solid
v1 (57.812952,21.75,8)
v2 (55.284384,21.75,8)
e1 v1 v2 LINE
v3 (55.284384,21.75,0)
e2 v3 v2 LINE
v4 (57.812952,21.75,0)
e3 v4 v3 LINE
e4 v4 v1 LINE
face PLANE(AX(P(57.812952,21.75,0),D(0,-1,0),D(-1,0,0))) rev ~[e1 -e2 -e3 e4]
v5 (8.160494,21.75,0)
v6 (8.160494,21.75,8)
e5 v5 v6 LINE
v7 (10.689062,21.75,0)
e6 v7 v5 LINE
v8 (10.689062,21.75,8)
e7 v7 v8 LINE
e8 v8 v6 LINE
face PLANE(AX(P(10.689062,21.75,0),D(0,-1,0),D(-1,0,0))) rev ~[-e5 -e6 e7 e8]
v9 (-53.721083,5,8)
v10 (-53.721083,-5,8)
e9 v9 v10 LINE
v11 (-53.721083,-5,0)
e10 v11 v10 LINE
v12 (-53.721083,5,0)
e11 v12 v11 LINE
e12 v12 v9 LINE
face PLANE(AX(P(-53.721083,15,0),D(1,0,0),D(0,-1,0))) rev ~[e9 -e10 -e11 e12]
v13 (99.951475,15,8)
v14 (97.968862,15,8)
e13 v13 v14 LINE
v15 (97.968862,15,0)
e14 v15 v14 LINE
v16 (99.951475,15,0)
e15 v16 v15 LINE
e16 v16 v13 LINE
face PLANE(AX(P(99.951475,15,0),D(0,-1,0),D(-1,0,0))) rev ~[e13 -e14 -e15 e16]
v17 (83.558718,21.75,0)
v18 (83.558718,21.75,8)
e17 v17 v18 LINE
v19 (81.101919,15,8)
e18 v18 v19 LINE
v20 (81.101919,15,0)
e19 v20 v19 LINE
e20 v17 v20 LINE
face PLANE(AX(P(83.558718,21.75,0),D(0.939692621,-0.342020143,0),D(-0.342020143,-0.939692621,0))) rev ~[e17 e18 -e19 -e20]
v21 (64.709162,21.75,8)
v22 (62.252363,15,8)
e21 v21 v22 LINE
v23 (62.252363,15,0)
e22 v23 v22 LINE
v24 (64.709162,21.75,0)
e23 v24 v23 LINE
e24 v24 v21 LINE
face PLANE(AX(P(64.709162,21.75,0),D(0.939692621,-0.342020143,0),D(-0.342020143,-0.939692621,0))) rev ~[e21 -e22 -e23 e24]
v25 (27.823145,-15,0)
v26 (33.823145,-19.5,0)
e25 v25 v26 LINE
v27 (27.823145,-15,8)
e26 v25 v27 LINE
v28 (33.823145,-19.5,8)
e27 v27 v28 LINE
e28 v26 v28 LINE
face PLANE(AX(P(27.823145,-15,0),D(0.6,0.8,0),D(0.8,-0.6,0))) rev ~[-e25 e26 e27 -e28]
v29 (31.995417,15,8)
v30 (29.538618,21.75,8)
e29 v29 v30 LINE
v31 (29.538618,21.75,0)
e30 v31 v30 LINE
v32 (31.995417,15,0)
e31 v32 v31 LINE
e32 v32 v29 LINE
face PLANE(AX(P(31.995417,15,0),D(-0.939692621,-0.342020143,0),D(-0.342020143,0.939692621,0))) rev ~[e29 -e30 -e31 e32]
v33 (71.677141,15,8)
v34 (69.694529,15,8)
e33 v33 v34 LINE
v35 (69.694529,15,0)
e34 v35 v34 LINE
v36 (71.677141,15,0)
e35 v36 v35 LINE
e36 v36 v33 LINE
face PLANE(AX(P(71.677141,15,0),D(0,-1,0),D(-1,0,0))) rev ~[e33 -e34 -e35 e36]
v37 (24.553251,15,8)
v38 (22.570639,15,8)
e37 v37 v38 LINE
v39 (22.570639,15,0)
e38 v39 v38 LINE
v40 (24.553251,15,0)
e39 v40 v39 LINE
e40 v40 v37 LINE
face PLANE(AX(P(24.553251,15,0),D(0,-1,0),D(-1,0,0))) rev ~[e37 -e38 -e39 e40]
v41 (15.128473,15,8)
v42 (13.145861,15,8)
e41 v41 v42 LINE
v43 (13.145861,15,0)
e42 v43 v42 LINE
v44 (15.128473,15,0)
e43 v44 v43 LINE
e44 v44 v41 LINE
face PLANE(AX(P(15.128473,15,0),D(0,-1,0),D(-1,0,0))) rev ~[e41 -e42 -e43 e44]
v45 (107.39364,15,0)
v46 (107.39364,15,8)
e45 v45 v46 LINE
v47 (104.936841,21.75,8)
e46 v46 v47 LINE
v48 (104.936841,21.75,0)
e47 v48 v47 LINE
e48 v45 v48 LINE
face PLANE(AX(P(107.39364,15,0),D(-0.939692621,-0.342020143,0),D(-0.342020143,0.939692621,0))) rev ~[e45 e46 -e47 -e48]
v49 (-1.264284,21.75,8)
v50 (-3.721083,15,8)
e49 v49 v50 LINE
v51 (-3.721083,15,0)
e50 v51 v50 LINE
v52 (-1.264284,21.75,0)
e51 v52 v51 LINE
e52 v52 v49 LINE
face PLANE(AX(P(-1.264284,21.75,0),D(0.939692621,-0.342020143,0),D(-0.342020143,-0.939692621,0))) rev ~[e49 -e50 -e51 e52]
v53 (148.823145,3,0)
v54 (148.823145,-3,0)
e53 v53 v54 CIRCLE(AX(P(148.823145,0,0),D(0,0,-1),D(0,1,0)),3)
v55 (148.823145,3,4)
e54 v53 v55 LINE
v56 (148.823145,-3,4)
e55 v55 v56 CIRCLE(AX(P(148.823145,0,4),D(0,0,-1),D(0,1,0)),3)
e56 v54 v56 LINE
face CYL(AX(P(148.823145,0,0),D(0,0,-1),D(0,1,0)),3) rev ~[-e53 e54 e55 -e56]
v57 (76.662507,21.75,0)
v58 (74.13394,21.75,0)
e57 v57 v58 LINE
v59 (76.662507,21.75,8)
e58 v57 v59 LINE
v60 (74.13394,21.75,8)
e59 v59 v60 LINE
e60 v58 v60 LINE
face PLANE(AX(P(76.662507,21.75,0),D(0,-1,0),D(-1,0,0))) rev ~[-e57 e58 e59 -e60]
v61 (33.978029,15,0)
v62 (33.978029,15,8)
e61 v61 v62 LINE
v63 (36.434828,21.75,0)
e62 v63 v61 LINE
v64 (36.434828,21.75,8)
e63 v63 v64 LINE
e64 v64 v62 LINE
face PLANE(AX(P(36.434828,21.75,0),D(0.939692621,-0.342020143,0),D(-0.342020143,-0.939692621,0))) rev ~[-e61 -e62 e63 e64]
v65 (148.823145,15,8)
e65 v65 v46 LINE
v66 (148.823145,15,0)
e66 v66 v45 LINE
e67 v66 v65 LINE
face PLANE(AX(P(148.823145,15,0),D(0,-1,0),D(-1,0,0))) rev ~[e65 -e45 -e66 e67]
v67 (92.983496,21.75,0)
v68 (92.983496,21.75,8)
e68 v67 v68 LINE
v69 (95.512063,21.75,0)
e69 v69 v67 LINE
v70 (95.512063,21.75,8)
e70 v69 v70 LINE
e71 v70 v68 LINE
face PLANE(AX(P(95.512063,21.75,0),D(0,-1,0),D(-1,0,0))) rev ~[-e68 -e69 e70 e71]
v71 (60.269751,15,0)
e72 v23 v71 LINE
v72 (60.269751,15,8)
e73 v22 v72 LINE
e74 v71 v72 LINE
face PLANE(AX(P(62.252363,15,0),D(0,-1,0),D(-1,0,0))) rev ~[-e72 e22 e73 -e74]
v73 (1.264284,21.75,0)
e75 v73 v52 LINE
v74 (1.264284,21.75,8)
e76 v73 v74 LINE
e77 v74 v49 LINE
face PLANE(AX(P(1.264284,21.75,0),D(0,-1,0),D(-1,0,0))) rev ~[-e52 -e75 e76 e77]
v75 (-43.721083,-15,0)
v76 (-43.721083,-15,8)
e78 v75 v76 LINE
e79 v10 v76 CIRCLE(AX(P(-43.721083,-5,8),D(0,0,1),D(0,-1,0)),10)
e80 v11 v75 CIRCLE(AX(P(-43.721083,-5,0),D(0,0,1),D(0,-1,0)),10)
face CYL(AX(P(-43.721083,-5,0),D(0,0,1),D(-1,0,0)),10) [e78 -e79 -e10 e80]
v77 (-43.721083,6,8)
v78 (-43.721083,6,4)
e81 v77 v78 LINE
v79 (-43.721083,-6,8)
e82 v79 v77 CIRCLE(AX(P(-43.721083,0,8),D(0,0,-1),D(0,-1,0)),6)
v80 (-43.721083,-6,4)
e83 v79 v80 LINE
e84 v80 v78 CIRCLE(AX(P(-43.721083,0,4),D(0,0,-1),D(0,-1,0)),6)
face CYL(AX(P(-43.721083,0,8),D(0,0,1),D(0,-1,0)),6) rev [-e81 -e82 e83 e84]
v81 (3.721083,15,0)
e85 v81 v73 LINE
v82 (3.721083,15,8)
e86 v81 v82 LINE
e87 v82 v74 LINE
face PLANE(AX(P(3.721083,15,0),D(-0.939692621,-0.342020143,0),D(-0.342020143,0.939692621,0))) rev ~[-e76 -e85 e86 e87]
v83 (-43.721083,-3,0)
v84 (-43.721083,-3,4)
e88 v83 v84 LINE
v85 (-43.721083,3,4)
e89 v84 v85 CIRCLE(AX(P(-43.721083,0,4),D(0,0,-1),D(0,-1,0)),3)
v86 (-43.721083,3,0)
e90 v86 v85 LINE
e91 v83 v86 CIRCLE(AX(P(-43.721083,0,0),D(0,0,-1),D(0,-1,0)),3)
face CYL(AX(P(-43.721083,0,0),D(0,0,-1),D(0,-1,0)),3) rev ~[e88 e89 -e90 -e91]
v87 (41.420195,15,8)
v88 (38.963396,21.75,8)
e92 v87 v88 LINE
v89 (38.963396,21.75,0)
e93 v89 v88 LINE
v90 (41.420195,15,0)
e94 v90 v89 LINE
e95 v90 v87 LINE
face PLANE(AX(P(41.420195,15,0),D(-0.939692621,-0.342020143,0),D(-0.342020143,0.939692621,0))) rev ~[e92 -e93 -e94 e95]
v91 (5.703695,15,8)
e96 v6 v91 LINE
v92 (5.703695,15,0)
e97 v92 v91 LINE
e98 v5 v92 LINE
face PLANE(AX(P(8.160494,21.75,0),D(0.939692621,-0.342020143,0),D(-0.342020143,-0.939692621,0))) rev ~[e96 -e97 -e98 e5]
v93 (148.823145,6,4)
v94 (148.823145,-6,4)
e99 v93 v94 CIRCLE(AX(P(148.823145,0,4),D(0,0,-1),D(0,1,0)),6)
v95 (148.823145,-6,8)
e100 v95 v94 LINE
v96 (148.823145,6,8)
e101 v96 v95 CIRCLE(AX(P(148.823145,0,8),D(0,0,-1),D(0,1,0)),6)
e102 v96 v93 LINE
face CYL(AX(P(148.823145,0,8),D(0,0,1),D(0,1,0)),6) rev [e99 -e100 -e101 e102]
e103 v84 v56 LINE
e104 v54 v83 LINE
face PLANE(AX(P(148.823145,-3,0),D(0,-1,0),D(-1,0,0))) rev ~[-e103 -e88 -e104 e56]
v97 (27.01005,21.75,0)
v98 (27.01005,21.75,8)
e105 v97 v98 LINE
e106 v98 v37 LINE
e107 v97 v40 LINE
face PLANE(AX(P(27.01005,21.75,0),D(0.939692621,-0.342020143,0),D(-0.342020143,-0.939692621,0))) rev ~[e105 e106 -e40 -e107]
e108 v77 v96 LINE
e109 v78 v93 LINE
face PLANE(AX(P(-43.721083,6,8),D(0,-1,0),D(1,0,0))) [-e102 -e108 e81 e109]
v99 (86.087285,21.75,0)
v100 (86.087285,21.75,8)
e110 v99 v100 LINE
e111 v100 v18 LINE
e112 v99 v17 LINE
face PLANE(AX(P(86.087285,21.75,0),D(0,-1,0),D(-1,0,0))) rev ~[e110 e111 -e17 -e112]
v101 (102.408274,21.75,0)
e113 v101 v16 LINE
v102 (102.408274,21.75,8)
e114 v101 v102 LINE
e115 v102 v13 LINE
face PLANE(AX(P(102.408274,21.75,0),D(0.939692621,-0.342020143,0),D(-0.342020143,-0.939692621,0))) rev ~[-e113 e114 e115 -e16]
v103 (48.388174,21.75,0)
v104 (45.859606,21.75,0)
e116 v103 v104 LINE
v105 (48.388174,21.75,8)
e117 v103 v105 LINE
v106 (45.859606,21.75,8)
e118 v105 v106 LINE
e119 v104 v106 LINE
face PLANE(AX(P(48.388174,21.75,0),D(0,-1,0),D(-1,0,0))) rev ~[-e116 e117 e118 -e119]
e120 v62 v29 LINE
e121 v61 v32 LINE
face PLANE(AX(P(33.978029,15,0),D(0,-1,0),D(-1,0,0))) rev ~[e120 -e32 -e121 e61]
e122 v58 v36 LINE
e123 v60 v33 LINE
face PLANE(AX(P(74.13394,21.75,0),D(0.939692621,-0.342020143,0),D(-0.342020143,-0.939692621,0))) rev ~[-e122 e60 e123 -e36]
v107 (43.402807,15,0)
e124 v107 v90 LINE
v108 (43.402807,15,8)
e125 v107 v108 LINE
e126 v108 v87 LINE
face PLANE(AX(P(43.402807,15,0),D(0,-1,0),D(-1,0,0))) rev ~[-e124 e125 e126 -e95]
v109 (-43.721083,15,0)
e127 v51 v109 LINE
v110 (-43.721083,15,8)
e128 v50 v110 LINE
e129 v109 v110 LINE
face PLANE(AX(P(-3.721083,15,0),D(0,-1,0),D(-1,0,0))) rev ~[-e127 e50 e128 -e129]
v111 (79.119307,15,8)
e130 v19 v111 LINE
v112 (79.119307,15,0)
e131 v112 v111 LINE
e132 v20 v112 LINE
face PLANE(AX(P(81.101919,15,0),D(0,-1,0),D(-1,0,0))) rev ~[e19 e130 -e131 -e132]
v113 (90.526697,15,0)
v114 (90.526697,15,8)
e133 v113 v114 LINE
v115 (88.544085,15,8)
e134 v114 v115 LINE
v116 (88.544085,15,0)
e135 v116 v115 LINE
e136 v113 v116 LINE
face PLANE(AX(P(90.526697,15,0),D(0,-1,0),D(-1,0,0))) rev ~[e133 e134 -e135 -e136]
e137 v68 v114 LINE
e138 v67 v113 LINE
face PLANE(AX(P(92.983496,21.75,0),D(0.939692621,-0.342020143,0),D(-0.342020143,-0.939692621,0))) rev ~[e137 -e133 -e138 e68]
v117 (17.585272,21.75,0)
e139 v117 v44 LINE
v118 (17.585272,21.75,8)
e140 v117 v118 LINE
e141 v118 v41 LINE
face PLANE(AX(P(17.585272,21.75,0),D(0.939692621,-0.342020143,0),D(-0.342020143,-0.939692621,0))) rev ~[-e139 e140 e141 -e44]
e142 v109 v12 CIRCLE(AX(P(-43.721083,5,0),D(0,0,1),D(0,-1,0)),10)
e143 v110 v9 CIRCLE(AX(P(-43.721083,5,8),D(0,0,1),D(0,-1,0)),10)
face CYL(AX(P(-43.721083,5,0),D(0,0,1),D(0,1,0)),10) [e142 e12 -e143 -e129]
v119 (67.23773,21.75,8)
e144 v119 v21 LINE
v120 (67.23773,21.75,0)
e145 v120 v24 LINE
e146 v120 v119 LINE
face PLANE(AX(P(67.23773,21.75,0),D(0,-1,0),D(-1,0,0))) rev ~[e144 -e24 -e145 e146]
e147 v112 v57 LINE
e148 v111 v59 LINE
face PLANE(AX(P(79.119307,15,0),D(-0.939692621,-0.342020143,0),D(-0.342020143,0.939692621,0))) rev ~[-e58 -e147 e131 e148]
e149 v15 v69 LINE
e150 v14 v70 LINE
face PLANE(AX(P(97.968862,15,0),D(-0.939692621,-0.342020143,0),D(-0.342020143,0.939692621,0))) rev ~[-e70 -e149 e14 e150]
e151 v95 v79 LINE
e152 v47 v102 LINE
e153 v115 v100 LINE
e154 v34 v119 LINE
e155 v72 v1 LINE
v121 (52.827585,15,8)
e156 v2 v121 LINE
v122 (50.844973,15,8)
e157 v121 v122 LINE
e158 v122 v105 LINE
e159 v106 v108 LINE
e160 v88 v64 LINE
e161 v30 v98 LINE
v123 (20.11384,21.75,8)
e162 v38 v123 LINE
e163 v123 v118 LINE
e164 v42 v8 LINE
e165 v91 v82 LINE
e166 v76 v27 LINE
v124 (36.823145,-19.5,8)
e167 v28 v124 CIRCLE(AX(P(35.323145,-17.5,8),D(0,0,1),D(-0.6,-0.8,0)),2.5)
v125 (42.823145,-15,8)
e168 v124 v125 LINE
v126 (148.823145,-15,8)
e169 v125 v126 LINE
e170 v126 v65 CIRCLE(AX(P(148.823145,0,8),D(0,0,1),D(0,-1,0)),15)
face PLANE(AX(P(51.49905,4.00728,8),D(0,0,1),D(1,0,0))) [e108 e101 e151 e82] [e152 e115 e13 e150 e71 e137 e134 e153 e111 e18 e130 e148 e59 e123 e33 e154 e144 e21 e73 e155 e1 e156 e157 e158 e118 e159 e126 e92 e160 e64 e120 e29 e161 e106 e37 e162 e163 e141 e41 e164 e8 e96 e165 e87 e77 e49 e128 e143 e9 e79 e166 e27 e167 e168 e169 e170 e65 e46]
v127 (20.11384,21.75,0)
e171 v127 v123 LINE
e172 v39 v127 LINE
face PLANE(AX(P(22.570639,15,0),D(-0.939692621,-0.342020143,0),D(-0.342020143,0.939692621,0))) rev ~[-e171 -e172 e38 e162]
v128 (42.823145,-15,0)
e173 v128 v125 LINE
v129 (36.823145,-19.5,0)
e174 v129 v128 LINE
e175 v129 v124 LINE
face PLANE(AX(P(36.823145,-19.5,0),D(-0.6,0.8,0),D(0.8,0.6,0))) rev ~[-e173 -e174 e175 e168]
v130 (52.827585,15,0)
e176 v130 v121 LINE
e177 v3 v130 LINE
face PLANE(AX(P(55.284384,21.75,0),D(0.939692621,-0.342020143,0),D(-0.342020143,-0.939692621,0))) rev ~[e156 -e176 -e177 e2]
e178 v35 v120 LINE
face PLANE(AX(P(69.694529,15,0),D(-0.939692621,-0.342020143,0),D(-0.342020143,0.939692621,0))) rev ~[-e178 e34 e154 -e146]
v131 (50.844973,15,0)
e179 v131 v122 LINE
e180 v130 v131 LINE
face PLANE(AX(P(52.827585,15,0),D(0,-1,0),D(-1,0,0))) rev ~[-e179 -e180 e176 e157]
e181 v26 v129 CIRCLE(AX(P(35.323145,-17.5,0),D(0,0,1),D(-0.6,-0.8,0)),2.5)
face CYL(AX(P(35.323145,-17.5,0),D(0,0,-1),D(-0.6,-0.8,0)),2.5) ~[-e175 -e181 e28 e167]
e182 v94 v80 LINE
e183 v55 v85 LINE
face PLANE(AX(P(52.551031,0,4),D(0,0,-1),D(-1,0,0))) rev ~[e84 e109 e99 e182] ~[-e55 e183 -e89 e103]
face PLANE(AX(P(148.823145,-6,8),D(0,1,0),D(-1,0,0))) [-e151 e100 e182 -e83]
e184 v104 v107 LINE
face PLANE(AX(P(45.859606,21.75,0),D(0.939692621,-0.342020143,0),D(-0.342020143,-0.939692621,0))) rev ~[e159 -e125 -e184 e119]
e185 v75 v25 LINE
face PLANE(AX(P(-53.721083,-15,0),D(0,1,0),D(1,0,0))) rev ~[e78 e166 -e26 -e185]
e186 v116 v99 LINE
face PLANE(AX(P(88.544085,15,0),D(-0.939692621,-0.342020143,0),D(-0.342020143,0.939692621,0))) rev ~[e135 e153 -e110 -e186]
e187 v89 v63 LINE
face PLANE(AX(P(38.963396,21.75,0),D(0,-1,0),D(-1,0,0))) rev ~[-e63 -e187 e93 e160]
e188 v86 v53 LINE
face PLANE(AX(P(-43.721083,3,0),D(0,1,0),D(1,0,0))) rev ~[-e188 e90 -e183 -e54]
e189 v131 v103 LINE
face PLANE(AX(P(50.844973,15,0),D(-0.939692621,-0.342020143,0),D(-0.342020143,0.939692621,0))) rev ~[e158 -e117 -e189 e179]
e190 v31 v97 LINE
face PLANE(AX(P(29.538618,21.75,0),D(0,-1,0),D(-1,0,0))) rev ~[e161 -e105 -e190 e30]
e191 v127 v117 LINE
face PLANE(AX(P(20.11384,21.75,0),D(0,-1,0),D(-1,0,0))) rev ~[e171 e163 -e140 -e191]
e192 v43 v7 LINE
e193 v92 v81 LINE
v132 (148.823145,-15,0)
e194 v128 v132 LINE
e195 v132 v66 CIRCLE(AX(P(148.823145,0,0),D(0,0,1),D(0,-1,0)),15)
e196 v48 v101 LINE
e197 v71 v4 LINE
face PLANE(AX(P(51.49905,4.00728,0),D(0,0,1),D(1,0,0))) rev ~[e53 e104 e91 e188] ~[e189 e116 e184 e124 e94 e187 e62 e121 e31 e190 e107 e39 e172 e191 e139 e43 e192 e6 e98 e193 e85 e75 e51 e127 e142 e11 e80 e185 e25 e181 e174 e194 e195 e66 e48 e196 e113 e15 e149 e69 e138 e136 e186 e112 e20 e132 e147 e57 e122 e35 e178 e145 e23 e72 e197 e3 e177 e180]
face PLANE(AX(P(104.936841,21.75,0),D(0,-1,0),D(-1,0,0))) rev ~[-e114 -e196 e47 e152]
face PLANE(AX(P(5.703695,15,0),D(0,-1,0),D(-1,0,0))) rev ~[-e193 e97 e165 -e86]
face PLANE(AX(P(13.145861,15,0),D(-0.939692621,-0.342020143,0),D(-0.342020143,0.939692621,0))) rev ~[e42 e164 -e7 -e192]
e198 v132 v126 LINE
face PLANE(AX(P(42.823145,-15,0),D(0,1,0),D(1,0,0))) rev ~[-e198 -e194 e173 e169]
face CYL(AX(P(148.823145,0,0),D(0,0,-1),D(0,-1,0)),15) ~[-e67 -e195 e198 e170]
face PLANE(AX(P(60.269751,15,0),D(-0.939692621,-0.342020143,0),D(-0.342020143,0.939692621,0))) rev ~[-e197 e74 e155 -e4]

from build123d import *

# Parameters (mm, degrees)
BOSS_EXTRU_1_DEPTH      = 8
ENL_V_MAT_EXTRU_1_DEPTH = 4
CONG_2_R                = 10


with BuildPart() as part:
    # Esquisse1 → Boss.-Extru.1 (new body)
    with BuildSketch(Plane.XY):
        with BuildLine():
            Line((3.721082869, 15), (1.264283788, 21.75))
            Line((1.264283788, 21.75), (-1.264283788, 21.75))
            Line((-1.264283788, 21.75), (-3.721082869, 15))
            Line((-3.721082869, 15), (-53.721082869, 15))
            Line((-53.721082869, 15), (-53.721082869, -15))
            Line((-53.721082869, -15), (27.823144925, -15))
            Line((27.823144925, -15), (33.823144925, -19.5))
            ThreePointArc((33.823144925, -19.5), (35.323144925, -20), (36.823144925, -19.5))
            Line((36.823144925, -19.5), (42.823144925, -15))
            Line((42.823144925, -15), (148.823144925, -15))
            ThreePointArc((148.823144925, -15), (163.823144925, 0), (148.823144925, 15))
            Line((148.823144925, 15), (107.393640429, 15))
            Line((107.393640429, 15), (104.936841348, 21.75))
            Line((104.936841348, 21.75), (102.408273772, 21.75))
            Line((102.408273772, 21.75), (99.951474691, 15))
            Line((99.951474691, 15), (97.968862469, 15))
            Line((97.968862469, 15), (95.512063388, 21.75))
            Line((95.512063388, 21.75), (92.983495812, 21.75))
            Line((92.983495812, 21.75), (90.526696731, 15))
            Line((90.526696731, 15), (88.544084509, 15))
            Line((88.544084509, 15), (86.087285428, 21.75))
            Line((86.087285428, 21.75), (83.558717852, 21.75))
            Line((83.558717852, 21.75), (81.101918771, 15))
            Line((81.101918771, 15), (79.119306549, 15))
            Line((79.119306549, 15), (76.662507468, 21.75))
            Line((76.662507468, 21.75), (74.133939892, 21.75))
            Line((74.133939892, 21.75), (71.677140811, 15))
            Line((71.677140811, 15), (69.694528589, 15))
            Line((69.694528589, 15), (67.237729508, 21.75))
            Line((67.237729508, 21.75), (64.709161932, 21.75))
            Line((64.709161932, 21.75), (62.252362851, 15))
            Line((62.252362851, 15), (60.269750629, 15))
            Line((60.269750629, 15), (57.812951548, 21.75))
            Line((57.812951548, 21.75), (55.284383972, 21.75))
            Line((55.284383972, 21.75), (52.827584891, 15))
            Line((52.827584891, 15), (50.844972669, 15))
            Line((50.844972669, 15), (48.388173588, 21.75))
            Line((48.388173588, 21.75), (45.859606012, 21.75))
            Line((45.859606012, 21.75), (43.402806931, 15))
            Line((43.402806931, 15), (41.420194709, 15))
            Line((41.420194709, 15), (38.963395628, 21.75))
            Line((38.963395628, 21.75), (36.434828052, 21.75))
            Line((36.434828052, 21.75), (33.978028971, 15))
            Line((33.978028971, 15), (31.995416749, 15))
            Line((31.995416749, 15), (29.538617668, 21.75))
            Line((29.538617668, 21.75), (27.010050092, 21.75))
            Line((27.010050092, 21.75), (24.553251011, 15))
            Line((24.553251011, 15), (22.570638789, 15))
            Line((22.570638789, 15), (20.113839708, 21.75))
            Line((20.113839708, 21.75), (17.585272132, 21.75))
            Line((17.585272132, 21.75), (15.128473051, 15))
            Line((15.128473051, 15), (13.145860829, 15))
            Line((13.145860829, 15), (10.689061748, 21.75))
            Line((10.689061748, 21.75), (8.160494172, 21.75))
            Line((8.160494172, 21.75), (5.703695091, 15))
            Line((5.703695091, 15), (3.721082869, 15))
        make_face()
        with BuildLine():
            Line((-43.721082869, 3), (148.823144925, 3))
            ThreePointArc((148.823144925, 3), (151.823144925, 0), (148.823144925, -3))
            Line((148.823144925, -3), (-43.721082869, -3))
            ThreePointArc((-43.721082869, -3), (-46.721082869, 0), (-43.721082869, 3))
        make_face(mode=Mode.SUBTRACT)
    extrude(amount=BOSS_EXTRU_1_DEPTH)

    # Esquisse2 → Enlèv. mat.-Extru.1 (cut)
    with BuildSketch(Plane.XY.offset(8)):
        with BuildLine():
            Line((-43.721082869, 6), (148.823144925, 6))
            ThreePointArc((148.823144925, 6), (154.823144925, 0), (148.823144925, -6))
            Line((148.823144925, -6), (-43.721082869, -6))
            ThreePointArc((-43.721082869, -6), (-49.721082869, 0), (-43.721082869, 6))
        make_face()
    extrude(amount=-ENL_V_MAT_EXTRU_1_DEPTH, mode=Mode.SUBTRACT)

    # Congé2
    cong_2_edges = [part.edges().sort_by_distance(p)[0] for p in [
        (-53.721082869, -15, 4),
        (-53.721082869, 15, 4),
    ]]
    fillet(cong_2_edges, radius=CONG_2_R)


solid = part.part
